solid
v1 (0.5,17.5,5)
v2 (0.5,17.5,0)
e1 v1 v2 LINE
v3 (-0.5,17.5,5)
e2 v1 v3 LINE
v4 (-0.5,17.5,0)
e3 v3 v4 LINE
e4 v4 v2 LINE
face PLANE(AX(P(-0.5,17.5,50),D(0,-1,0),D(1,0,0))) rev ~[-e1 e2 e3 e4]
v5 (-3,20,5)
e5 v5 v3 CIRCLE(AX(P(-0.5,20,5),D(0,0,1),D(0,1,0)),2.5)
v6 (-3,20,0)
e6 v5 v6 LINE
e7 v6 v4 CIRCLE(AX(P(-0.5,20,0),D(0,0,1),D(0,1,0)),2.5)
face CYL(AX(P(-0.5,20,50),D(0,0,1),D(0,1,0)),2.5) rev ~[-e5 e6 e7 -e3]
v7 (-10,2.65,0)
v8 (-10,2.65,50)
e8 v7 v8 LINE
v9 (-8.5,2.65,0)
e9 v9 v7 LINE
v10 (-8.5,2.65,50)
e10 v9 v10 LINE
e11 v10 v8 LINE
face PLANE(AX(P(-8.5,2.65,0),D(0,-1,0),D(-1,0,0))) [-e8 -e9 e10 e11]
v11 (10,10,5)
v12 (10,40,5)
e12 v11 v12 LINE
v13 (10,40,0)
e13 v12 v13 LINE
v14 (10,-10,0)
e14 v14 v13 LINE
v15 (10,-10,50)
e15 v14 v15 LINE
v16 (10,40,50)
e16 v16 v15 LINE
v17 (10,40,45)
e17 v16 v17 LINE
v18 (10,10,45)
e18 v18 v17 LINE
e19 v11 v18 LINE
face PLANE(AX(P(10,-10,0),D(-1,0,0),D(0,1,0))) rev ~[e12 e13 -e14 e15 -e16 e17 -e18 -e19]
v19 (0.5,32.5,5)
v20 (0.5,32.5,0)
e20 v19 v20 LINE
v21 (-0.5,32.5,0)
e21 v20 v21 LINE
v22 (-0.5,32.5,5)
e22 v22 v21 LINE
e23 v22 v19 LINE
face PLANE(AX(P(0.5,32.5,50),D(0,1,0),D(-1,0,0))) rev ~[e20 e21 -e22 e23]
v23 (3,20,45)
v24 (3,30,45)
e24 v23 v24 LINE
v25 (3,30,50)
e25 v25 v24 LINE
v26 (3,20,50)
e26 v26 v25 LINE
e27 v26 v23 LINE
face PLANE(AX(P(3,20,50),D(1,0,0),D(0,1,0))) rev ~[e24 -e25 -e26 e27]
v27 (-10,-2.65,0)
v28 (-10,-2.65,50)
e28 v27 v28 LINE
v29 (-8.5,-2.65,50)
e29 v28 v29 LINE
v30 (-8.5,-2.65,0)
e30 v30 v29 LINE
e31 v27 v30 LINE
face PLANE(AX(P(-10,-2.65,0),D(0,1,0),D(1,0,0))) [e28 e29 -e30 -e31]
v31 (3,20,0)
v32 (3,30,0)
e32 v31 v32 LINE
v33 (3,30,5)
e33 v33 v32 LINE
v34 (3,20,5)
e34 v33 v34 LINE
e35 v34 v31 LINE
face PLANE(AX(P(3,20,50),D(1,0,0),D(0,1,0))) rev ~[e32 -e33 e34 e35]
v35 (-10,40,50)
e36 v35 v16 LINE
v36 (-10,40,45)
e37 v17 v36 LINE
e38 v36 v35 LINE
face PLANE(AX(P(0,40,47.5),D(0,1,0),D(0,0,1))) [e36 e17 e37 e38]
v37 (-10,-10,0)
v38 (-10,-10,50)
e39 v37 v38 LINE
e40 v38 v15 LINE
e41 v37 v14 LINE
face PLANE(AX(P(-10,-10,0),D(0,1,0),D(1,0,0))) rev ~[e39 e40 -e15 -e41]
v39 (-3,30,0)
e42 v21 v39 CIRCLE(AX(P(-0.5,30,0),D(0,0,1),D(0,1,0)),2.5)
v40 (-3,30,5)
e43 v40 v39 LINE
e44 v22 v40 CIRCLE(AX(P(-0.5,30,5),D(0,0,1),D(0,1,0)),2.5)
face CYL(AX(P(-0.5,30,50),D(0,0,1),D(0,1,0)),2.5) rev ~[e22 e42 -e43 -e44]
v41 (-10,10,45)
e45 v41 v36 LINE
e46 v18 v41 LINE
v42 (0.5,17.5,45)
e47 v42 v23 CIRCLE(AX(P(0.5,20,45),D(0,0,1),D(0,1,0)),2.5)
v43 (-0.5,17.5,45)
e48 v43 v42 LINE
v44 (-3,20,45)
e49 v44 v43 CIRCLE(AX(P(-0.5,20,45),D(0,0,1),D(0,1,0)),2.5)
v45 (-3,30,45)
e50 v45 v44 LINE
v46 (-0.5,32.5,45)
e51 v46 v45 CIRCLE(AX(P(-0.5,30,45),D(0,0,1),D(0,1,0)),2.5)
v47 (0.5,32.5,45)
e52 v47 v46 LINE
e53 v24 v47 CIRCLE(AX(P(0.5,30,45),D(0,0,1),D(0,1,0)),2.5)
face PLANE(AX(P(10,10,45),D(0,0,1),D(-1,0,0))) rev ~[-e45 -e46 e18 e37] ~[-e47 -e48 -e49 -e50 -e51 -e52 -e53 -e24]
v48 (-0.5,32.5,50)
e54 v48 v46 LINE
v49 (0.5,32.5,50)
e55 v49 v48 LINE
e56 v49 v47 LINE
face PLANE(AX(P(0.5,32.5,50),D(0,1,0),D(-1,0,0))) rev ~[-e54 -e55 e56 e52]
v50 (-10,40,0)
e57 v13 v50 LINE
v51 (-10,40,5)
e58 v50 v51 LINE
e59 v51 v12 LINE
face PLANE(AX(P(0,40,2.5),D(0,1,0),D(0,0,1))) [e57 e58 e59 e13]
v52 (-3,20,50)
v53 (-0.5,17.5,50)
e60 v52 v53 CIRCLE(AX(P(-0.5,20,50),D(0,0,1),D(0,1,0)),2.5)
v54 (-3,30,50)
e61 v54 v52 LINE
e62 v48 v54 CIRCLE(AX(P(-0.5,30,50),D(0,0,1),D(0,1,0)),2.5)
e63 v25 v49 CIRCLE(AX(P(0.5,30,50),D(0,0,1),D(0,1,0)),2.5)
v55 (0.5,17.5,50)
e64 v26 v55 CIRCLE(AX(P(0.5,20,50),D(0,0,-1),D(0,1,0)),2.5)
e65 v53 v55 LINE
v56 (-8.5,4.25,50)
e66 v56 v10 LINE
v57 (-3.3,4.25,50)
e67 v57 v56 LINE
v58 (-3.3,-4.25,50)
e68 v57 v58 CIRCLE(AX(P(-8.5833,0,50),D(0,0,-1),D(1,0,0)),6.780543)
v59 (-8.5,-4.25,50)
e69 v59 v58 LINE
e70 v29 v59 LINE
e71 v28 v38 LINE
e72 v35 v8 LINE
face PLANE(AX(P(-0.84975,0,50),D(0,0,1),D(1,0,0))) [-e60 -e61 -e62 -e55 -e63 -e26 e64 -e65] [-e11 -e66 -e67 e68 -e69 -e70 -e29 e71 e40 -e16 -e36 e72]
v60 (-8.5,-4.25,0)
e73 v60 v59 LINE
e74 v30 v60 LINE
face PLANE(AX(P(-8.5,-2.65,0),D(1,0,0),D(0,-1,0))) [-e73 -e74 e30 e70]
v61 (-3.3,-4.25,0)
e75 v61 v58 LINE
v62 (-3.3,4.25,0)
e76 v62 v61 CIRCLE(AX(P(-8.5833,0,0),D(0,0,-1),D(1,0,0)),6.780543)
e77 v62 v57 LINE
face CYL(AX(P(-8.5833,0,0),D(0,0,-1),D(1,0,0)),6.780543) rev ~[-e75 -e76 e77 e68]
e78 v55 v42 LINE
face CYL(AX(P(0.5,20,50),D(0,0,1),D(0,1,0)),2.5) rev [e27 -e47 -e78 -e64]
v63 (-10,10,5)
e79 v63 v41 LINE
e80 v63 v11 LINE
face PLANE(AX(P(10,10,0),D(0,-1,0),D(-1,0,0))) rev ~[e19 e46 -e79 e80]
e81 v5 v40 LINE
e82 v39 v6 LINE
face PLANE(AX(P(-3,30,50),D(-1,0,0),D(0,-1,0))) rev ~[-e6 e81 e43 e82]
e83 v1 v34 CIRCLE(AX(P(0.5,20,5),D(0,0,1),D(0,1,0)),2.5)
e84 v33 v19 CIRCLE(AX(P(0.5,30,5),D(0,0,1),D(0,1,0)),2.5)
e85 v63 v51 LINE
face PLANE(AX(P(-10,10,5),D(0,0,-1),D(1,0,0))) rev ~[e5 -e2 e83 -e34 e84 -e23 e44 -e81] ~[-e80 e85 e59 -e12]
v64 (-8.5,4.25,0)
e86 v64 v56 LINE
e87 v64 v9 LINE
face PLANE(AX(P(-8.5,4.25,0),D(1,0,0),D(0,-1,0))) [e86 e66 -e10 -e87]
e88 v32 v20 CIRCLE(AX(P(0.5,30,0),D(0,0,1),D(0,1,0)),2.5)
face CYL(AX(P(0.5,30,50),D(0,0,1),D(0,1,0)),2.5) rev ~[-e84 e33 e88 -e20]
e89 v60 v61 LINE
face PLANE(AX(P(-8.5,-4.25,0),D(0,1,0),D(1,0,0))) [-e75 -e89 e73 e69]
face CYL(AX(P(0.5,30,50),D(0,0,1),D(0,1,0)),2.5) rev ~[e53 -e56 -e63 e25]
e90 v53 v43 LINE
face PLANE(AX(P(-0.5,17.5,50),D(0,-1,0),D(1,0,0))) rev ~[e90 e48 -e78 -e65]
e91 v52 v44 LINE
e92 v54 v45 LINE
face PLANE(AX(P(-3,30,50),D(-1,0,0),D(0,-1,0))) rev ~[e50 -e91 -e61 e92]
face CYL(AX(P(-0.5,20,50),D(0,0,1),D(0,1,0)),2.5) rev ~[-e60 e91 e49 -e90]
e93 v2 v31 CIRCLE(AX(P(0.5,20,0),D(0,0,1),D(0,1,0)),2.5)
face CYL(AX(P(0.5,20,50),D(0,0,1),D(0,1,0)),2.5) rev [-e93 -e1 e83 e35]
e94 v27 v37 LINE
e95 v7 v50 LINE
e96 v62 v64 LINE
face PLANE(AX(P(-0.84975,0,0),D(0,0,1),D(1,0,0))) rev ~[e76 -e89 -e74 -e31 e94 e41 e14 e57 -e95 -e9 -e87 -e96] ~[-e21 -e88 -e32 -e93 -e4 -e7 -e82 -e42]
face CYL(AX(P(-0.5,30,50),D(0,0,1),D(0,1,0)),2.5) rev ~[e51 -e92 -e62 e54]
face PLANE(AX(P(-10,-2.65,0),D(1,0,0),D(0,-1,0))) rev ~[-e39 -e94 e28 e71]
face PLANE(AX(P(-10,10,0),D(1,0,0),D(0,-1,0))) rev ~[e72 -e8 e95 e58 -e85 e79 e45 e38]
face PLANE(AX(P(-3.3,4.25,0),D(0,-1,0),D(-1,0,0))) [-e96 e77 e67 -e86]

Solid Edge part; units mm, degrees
sketch "Sketch1" plane through (0, 0, 0) normal (0, 0, 1) x (1, 0, 0)
  line L0 (-10, -10) -> (10, -10)
  line L1 (10, -10) -> (10, 10)
  line L2 (10, 10) -> (-10, 10)
  line L3 (-10, 10) -> (-10, 2.65)
  line L4 (-8.5, 2.65) -> (-10, 2.65)
  line L5 (-8.5, 4.25) -> (-8.5, 2.65)
  line L6 (-3.3, 4.25) -> (-8.5, 4.25)
  arc A0 (-3.3, 4.25) -> (-3.3, -4.25) centre (-8.5833, 0) cw
  line L7 (-8.5, -4.25) -> (-3.3, -4.25)
  line L8 (-8.5, -2.65) -> (-8.5, -4.25)
  line L9 (-10, -2.65) -> (-8.5, -2.65)
  line L10 (-10, -2.65) -> (-10, -10)
extrude "Protrusion1" add sketch "Sketch1" along normal blind 50
sketch "Sketch2" plane through (0, 10, 25) normal (0, 1, 0) x (0, 0, -1)
  line L0 (-25, -10) -> (-20, -10)
  line L1 (-20, -10) -> (-20, 10)
  line L2 (-20, 10) -> (-25, 10)
  line L3 (-25, 10) -> (-25, -10)
  line L4 (25, 10) -> (20, 10)
  line L5 (20, 10) -> (20, -10)
  line L6 (20, -10) -> (25, -10)
  line L7 (25, -10) -> (25, 10)
extrude "Protrusion2" add sketch "Sketch2" along normal blind 30
sketch "Sketch3" plane through (0, 15, 50) normal (0, 0, 1) x (0, 1, 0)
  arc A0 (15, -3) -> (17.5, -0.5) centre (15, -0.5) ccw
  line L0 (17.5, -0.5) -> (17.5, 0.5)
  arc A1 (17.5, 0.5) -> (15, 3) centre (15, 0.5) ccw
  line L1 (15, 3) -> (5, 3)
  arc A2 (5, 3) -> (2.5, 0.5) centre (5, 0.5) ccw
  line L2 (2.5, 0.5) -> (2.5, -0.5)
  arc A3 (5, -3) -> (2.5, -0.5) centre (5, -0.5) cw
  line L3 (5, -3) -> (15, -3)
extrude "Cutout1" cut sketch "Sketch3" against normal blind 70
